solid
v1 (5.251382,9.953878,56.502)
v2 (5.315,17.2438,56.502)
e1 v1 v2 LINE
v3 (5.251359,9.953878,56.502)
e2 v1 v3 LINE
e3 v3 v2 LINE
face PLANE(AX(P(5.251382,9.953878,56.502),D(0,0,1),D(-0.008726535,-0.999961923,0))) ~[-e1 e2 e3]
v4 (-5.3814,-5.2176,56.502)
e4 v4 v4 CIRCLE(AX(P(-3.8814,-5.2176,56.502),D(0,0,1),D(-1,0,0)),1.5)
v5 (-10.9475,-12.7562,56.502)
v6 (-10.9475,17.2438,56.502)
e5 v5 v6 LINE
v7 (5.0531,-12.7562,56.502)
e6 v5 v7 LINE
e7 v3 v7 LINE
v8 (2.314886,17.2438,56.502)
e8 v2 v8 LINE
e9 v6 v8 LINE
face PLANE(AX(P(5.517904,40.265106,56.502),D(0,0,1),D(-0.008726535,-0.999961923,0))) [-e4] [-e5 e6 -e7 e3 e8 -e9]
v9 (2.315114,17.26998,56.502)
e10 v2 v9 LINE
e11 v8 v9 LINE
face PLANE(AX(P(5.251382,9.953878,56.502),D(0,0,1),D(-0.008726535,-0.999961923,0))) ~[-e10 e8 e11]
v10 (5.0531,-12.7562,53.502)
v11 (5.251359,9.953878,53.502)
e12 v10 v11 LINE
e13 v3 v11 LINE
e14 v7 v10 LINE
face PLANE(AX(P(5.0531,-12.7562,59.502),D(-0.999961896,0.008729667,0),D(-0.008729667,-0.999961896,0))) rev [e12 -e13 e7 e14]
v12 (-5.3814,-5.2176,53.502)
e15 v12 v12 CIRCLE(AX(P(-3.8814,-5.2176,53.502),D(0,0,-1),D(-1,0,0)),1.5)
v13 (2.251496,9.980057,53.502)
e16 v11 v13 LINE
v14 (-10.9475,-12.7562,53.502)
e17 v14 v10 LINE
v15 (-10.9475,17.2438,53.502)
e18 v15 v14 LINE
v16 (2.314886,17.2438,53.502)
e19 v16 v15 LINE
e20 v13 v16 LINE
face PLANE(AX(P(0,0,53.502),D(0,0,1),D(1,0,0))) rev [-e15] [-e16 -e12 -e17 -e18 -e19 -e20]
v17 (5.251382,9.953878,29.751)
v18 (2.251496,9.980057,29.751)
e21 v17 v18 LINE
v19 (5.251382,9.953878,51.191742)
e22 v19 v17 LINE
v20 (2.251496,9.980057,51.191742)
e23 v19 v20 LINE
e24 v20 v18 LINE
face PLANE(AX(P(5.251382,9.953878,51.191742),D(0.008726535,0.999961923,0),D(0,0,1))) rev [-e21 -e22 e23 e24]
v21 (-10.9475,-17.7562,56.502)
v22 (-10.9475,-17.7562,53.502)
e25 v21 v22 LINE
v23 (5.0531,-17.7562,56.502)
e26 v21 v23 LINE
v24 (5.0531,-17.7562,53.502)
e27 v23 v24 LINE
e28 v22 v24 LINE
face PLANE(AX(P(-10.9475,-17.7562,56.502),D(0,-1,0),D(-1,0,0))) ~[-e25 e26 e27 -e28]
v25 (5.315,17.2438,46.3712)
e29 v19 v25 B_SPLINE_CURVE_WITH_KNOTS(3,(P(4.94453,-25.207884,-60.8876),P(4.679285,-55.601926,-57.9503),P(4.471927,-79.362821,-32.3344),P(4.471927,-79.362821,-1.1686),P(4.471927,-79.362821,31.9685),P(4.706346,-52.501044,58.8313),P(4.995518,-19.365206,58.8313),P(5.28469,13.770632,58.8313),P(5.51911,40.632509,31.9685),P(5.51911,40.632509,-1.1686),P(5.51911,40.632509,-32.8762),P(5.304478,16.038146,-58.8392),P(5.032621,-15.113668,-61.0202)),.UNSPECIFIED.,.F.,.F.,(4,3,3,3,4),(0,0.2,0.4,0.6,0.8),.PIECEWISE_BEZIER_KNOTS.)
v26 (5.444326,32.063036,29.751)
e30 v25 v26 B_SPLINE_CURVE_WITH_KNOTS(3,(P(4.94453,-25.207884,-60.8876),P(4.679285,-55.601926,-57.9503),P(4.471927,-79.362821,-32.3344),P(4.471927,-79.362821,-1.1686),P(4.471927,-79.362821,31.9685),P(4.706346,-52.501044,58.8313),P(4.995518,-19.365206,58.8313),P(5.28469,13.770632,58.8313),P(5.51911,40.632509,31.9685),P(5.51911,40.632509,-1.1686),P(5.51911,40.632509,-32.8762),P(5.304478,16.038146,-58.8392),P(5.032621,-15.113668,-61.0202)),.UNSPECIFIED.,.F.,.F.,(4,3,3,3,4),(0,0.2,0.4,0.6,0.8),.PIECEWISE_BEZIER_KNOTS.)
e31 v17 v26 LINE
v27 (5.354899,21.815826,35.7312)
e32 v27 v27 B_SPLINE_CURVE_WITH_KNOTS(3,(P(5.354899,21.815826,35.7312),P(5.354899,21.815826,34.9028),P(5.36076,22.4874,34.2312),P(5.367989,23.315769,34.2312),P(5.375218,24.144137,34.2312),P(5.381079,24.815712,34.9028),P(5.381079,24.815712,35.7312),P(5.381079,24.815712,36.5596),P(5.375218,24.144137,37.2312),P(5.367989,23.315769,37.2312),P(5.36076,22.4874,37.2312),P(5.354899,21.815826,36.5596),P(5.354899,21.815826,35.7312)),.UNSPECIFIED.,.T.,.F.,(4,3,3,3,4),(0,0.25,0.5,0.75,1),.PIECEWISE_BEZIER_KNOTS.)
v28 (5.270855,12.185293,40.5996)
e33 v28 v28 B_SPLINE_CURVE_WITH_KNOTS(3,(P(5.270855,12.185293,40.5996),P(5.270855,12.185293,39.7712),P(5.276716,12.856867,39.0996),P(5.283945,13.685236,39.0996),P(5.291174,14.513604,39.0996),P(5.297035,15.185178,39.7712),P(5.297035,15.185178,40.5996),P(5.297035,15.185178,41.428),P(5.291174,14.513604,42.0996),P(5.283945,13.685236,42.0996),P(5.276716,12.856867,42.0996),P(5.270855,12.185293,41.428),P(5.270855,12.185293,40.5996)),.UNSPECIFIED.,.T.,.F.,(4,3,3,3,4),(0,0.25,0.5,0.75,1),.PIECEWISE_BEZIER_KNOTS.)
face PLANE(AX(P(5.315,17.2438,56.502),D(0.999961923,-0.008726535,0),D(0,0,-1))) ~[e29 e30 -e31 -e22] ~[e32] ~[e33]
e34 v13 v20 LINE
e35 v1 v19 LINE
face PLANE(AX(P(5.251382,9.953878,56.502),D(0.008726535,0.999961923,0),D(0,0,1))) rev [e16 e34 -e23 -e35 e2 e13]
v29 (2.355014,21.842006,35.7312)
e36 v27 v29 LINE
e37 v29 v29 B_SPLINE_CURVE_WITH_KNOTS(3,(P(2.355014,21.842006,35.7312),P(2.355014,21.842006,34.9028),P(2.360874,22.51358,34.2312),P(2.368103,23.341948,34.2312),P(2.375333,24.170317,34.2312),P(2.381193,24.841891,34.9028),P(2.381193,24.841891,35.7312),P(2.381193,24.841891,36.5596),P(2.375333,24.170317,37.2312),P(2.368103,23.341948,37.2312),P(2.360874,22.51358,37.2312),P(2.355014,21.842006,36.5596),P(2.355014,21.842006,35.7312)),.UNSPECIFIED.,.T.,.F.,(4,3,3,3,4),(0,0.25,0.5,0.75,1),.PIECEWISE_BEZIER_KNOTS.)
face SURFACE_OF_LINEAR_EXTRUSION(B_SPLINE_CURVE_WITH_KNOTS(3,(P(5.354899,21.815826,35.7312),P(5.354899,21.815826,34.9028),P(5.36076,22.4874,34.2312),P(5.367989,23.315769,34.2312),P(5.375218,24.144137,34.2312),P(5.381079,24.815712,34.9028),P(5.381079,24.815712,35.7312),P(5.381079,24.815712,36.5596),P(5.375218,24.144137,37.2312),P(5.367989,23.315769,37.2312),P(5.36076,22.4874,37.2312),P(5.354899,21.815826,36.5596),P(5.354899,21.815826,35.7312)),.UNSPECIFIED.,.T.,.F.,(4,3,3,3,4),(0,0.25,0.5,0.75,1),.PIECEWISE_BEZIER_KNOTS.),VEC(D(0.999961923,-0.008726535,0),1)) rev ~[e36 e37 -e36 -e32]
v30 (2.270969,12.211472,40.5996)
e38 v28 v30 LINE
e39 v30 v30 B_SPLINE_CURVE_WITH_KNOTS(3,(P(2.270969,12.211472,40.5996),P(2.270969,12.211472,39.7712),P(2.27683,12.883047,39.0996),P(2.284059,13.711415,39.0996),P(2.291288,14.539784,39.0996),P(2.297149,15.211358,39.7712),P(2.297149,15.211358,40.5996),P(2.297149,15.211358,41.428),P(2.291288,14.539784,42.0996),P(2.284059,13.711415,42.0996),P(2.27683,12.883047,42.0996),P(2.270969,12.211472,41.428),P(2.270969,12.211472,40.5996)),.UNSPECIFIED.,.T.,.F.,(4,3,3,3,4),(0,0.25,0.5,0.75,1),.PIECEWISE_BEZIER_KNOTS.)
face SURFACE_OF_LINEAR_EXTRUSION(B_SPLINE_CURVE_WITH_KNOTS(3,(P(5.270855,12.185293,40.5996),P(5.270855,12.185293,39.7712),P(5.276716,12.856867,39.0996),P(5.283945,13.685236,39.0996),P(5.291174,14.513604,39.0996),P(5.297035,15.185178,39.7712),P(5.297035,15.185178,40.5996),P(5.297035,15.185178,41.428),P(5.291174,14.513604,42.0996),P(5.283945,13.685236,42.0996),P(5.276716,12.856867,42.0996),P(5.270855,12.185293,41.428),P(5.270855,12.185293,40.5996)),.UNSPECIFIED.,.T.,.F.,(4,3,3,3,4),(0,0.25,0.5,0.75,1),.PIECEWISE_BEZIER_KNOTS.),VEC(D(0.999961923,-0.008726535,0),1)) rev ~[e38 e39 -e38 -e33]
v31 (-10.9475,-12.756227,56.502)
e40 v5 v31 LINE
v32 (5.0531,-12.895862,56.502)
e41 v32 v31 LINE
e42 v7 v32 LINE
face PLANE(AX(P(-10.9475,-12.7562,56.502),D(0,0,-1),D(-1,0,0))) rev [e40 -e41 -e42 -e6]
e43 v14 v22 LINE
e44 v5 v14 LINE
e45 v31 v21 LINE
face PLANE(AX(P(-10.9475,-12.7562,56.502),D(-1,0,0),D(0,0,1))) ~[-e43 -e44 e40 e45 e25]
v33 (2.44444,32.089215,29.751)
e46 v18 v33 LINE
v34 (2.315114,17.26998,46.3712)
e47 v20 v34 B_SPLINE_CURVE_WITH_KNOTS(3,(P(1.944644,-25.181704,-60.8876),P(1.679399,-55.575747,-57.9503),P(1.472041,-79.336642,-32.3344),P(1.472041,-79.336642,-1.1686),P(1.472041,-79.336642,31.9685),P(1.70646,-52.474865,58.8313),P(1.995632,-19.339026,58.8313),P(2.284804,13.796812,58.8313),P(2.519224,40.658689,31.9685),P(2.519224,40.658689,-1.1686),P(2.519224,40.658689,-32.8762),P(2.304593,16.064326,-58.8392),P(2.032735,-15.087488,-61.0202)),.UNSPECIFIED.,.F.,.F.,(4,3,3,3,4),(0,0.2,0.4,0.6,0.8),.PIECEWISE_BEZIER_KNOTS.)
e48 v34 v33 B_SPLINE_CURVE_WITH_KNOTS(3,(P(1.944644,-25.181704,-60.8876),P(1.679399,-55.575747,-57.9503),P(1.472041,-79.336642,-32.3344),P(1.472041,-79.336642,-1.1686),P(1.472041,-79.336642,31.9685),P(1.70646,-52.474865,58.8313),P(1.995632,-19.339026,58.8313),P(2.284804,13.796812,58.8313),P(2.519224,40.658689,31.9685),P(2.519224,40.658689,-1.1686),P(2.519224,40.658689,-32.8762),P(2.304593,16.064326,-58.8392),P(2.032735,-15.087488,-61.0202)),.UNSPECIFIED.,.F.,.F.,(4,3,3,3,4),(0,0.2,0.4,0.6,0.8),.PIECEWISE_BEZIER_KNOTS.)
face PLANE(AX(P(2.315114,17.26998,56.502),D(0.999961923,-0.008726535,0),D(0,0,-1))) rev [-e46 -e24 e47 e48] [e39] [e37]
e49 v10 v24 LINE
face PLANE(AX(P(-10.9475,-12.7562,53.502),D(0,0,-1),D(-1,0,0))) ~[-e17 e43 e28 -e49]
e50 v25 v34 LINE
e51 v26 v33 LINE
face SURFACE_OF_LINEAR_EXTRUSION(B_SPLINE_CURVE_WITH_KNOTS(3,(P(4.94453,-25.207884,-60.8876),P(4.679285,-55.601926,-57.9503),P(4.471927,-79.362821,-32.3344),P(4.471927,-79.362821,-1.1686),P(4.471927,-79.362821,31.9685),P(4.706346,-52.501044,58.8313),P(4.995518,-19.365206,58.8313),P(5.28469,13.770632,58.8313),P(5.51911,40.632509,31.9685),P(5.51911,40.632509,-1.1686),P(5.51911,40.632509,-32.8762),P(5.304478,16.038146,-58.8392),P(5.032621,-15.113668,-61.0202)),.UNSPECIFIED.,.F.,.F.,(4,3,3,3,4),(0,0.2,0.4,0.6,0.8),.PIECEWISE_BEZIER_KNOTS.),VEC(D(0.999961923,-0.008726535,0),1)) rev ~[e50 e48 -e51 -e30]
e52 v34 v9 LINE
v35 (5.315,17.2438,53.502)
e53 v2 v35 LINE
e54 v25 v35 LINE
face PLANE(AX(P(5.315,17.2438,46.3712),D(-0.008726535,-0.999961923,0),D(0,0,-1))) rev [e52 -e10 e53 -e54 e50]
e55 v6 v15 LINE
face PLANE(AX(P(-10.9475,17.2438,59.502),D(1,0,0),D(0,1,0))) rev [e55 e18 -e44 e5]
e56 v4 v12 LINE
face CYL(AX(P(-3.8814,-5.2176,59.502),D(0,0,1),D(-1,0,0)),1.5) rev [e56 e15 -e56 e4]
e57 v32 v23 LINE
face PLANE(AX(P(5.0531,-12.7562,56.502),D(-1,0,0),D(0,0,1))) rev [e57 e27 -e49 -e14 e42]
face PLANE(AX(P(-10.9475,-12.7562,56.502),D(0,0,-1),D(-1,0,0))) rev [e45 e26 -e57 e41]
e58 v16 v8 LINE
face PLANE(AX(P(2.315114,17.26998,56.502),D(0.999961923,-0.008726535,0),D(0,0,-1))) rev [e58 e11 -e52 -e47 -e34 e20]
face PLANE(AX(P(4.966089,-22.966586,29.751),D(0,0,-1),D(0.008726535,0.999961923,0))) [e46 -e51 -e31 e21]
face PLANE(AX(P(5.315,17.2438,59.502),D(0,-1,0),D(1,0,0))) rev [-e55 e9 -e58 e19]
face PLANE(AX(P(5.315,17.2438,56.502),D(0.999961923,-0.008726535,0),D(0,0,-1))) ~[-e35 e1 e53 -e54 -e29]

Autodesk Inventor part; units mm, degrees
ref_plane "YZ Plane" through (0, 0, 0) normal (1, 0, 0) x (0, 1, 0)
ref_plane "XZ Plane" through (0, 0, 0) normal (0, 1, 0) x (-1, 0, 0)
ref_plane "XY Plane" through (0, 0, 0) normal (0, 0, 1) x (1, 0, 0)
sketch "Эскиз1" plane through (0, 0, 0) normal (0, 0, 1) x (1, 0, 0)
  circle A0 centre (-3.8814, -5.2176) radius 1.5 projected
  line L0 (-10.8201, 1.8432) -> (-11.0949, -29.6556) projected
  line L1 (4.4719, -79.3628) -> (5.5191, 40.6326) projected
  line L2 (-9.8587, -12.7657) -> (-5.4656, -12.804) projected
  line L3 (-10.9475, -12.7562) -> (5.315, -12.7562)
  line L4 (5.315, -12.7562) -> (5.315, 17.2438)
  line L5 (5.315, 17.2438) -> (-10.9475, 17.2438)
  line L6 (-10.9475, 17.2438) -> (-10.9475, -12.7562)
  point P0 (0, 0)
  point P1 (5.1784, 1.5986)
  point P2 (5.0531, -12.7562)
  dimension "d0" = 30
extrude "Выдавливание1" add sketch "Эскиз1" along normal blind 3 contours L3 L6 L5 L1
sketch "Эскиз2" plane through (5.315, 17.2438, 3) normal (1, -0.0087, 0) x (0, 0, -1)
  spline S0 degree 3 poles (-15.9024, -5.0587) (-16.7308, -5.0587) (-17.4024, -4.3871) (-17.4024, -3.5587) (-17.4024, -2.7303) (-16.7308, -2.0587) (-15.9024, -2.0587) (-15.074, -2.0587) (-14.4024, -2.7303) (-14.4024, -3.5587) (-14.4024, -4.3871) (-15.074, -5.0587) (-15.9024, -5.0587) knots 0 0 0 0 0.25 0.25 0.25 0.5 0.5 0.5 0.75 0.75 0.75 1 1 1 1 projected
  spline S1 degree 3 poles (-20.7708, 4.5722) (-21.5992, 4.5722) (-22.2708, 5.2438) (-22.2708, 6.0722) (-22.2708, 6.9006) (-21.5992, 7.5722) (-20.7708, 7.5722) (-19.9424, 7.5722) (-19.2708, 6.9006) (-19.2708, 6.0722) (-19.2708, 5.2438) (-19.9424, 4.5722) (-20.7708, 4.5722) knots 0 0 0 0 0.25 0.25 0.25 0.5 0.5 0.5 0.75 0.75 0.75 1 1 1 1 projected
  line L0 (0, -30.0011) -> (0, 0) projected
  line L1 (0, -7.2902) -> (-26.751, -7.2902)
  spline S2 degree 3 poles (-117.3896, -42.4533) (-114.4523, -72.8485) (-88.8364, -96.6103) (-57.6706, -96.6103) (-24.5335, -96.6103) (2.3293, -69.7475) (2.3293, -36.6104) (2.3293, -3.4733) (-24.5335, 23.3896) (-57.6706, 23.3896) (-89.3782, 23.3896) (-115.3412, -1.2057) (-117.5222, -32.3587) knots 0 0 0 0 0.2 0.2 0.2 0.4 0.4 0.4 0.6 0.6 0.6 0.8 0.8 0.8 0.8 projected
  line L2 (-26.751, -7.2902) -> (-26.751, 14.8198)
  line L3 (-10.1308, 0) -> (0, 0)
  point P0 (3, -17.2895)
  point P1 (-15.9024, -5.0587)
  point P2 (-20.7708, 4.5722)
extrude "Выдавливание2" add sketch "Эскиз2" against normal blind 3 contours L1 S2 L3 L0 | L1 L2 S2
sketch "Эскиз3" plane through (0, 0, 0) normal (0, 0, -1) x (-1, 0, 0)
  line L0 (-5.315, 17.2438) -> (10.9475, 17.2438) projected
  line L1 (10.9475, -12.7562) -> (-5.0531, -12.7562) projected
  line L2 (10.9475, 17.2438) -> (10.9475, -12.7562) projected
  line L3 (-5.315, 17.2438) -> (10.9475, 17.2438) projected
  line L4 (-5.0531, -12.7562) -> (-5.315, 17.2438) projected
  circle A0 centre (3.8814, -5.2176) radius 1.5 projected
  point P0 (0, 0)
extrude "Выдавливание3" add sketch "Эскиз3" against normal blind 6
sketch "Эскиз4" plane through (0, 0, 0) normal (0, 0, -1) x (-1, 0, 0)
  line L0 (10.9475, -12.7562) -> (-5.0531, -12.7562) projected
  line L1 (10.9475, 17.2438) -> (10.9475, -12.7562) projected
  line L2 (-5.315, 17.2438) -> (10.9475, 17.2438) projected
  line L3 (-5.0531, -12.7562) -> (-5.315, 17.2438) projected
  circle A0 centre (3.8814, -5.2176) radius 1.5 projected
  point P0 (0, 0)
extrude "Выдавливание4" cut sketch "Эскиз4" against normal blind 3
sketch "Эскиз5" plane through (-10.9475, -12.7562, 3) normal (0, -1, 0) x (1, 0, 0)
  line L0 (0, 0) -> (16.0006, 0) projected
  line L1 (16.0006, 0) -> (16.0006, 3) projected
  line L2 (0, 3) -> (16.0006, 3) projected
  line L3 (0, 0) -> (0, 3) projected
  point P0 (10.9475, -3)
extrude "Выдавливание5" add sketch "Эскиз5" along normal blind 5
mirror "Зеркальное отражение1" about plane through (5.2513, 9.9539, 29.751) normal (0, 0, 1) of "Выдавливание3", "Выдавливание2", "Выдавливание5"
sketch "Эскиз7" plane through (5.315, 17.2438, 13.1308) normal (1, -0.0087, 0) x (0, 0, -1)
  ellipse E0 centre (-44.6759, -33.7501) end of major axis (-85.7491, 7.3732) minor radius 55.9525 (0, 0) -> (-16.6202, 14.8198) ccw projected
  line L0 (0, 0) -> (0, -43.3652)
  line L1 (-16.6202, 18.912) -> (20.2447, 18.912)
  line L2 (20.2447, 18.912) -> (20.2447, -40.2119)
  line L3 (20.2447, -40.2119) -> (-16.6202, -40.2119)
  line L4 (-16.6202, -40.2119) -> (-16.6202, 18.912)
  line L5 (-46.3712, -30.1408) -> (-43.3712, -30.1408) projected
  line L6 (-43.3712, -30.1408) -> (-60.2207, -30.1408)
  line L7 (-60.2207, -30.1408) -> (-60.2207, 23.0222)
  line L8 (-60.2207, 23.0222) -> (-43.3712, 23.0222)
  line L9 (-43.3712, 23.0222) -> (-43.3712, -30.1408)
  point P0 (13.1308, -17.2895)
extrude "Выдавливание6" cut sketch "Эскиз7" against normal blind 30
sketch "Эскиз8" plane through (5.0531, -17.7562, 6) normal (1, 0, 0) x (0, 0, -1)
  line L0 (3, 5) -> (0, 5) projected
  line L1 (0, 5) -> (0, 0) projected
  line L2 (3, 0) -> (0, 0) projected
  line L3 (3, 5) -> (3, 0) projected
  point P0 (6, 17.7562)
extrude "Выдавливание7" cut sketch "Эскиз8" against normal blind 30
properties part number "encoderholderL"
